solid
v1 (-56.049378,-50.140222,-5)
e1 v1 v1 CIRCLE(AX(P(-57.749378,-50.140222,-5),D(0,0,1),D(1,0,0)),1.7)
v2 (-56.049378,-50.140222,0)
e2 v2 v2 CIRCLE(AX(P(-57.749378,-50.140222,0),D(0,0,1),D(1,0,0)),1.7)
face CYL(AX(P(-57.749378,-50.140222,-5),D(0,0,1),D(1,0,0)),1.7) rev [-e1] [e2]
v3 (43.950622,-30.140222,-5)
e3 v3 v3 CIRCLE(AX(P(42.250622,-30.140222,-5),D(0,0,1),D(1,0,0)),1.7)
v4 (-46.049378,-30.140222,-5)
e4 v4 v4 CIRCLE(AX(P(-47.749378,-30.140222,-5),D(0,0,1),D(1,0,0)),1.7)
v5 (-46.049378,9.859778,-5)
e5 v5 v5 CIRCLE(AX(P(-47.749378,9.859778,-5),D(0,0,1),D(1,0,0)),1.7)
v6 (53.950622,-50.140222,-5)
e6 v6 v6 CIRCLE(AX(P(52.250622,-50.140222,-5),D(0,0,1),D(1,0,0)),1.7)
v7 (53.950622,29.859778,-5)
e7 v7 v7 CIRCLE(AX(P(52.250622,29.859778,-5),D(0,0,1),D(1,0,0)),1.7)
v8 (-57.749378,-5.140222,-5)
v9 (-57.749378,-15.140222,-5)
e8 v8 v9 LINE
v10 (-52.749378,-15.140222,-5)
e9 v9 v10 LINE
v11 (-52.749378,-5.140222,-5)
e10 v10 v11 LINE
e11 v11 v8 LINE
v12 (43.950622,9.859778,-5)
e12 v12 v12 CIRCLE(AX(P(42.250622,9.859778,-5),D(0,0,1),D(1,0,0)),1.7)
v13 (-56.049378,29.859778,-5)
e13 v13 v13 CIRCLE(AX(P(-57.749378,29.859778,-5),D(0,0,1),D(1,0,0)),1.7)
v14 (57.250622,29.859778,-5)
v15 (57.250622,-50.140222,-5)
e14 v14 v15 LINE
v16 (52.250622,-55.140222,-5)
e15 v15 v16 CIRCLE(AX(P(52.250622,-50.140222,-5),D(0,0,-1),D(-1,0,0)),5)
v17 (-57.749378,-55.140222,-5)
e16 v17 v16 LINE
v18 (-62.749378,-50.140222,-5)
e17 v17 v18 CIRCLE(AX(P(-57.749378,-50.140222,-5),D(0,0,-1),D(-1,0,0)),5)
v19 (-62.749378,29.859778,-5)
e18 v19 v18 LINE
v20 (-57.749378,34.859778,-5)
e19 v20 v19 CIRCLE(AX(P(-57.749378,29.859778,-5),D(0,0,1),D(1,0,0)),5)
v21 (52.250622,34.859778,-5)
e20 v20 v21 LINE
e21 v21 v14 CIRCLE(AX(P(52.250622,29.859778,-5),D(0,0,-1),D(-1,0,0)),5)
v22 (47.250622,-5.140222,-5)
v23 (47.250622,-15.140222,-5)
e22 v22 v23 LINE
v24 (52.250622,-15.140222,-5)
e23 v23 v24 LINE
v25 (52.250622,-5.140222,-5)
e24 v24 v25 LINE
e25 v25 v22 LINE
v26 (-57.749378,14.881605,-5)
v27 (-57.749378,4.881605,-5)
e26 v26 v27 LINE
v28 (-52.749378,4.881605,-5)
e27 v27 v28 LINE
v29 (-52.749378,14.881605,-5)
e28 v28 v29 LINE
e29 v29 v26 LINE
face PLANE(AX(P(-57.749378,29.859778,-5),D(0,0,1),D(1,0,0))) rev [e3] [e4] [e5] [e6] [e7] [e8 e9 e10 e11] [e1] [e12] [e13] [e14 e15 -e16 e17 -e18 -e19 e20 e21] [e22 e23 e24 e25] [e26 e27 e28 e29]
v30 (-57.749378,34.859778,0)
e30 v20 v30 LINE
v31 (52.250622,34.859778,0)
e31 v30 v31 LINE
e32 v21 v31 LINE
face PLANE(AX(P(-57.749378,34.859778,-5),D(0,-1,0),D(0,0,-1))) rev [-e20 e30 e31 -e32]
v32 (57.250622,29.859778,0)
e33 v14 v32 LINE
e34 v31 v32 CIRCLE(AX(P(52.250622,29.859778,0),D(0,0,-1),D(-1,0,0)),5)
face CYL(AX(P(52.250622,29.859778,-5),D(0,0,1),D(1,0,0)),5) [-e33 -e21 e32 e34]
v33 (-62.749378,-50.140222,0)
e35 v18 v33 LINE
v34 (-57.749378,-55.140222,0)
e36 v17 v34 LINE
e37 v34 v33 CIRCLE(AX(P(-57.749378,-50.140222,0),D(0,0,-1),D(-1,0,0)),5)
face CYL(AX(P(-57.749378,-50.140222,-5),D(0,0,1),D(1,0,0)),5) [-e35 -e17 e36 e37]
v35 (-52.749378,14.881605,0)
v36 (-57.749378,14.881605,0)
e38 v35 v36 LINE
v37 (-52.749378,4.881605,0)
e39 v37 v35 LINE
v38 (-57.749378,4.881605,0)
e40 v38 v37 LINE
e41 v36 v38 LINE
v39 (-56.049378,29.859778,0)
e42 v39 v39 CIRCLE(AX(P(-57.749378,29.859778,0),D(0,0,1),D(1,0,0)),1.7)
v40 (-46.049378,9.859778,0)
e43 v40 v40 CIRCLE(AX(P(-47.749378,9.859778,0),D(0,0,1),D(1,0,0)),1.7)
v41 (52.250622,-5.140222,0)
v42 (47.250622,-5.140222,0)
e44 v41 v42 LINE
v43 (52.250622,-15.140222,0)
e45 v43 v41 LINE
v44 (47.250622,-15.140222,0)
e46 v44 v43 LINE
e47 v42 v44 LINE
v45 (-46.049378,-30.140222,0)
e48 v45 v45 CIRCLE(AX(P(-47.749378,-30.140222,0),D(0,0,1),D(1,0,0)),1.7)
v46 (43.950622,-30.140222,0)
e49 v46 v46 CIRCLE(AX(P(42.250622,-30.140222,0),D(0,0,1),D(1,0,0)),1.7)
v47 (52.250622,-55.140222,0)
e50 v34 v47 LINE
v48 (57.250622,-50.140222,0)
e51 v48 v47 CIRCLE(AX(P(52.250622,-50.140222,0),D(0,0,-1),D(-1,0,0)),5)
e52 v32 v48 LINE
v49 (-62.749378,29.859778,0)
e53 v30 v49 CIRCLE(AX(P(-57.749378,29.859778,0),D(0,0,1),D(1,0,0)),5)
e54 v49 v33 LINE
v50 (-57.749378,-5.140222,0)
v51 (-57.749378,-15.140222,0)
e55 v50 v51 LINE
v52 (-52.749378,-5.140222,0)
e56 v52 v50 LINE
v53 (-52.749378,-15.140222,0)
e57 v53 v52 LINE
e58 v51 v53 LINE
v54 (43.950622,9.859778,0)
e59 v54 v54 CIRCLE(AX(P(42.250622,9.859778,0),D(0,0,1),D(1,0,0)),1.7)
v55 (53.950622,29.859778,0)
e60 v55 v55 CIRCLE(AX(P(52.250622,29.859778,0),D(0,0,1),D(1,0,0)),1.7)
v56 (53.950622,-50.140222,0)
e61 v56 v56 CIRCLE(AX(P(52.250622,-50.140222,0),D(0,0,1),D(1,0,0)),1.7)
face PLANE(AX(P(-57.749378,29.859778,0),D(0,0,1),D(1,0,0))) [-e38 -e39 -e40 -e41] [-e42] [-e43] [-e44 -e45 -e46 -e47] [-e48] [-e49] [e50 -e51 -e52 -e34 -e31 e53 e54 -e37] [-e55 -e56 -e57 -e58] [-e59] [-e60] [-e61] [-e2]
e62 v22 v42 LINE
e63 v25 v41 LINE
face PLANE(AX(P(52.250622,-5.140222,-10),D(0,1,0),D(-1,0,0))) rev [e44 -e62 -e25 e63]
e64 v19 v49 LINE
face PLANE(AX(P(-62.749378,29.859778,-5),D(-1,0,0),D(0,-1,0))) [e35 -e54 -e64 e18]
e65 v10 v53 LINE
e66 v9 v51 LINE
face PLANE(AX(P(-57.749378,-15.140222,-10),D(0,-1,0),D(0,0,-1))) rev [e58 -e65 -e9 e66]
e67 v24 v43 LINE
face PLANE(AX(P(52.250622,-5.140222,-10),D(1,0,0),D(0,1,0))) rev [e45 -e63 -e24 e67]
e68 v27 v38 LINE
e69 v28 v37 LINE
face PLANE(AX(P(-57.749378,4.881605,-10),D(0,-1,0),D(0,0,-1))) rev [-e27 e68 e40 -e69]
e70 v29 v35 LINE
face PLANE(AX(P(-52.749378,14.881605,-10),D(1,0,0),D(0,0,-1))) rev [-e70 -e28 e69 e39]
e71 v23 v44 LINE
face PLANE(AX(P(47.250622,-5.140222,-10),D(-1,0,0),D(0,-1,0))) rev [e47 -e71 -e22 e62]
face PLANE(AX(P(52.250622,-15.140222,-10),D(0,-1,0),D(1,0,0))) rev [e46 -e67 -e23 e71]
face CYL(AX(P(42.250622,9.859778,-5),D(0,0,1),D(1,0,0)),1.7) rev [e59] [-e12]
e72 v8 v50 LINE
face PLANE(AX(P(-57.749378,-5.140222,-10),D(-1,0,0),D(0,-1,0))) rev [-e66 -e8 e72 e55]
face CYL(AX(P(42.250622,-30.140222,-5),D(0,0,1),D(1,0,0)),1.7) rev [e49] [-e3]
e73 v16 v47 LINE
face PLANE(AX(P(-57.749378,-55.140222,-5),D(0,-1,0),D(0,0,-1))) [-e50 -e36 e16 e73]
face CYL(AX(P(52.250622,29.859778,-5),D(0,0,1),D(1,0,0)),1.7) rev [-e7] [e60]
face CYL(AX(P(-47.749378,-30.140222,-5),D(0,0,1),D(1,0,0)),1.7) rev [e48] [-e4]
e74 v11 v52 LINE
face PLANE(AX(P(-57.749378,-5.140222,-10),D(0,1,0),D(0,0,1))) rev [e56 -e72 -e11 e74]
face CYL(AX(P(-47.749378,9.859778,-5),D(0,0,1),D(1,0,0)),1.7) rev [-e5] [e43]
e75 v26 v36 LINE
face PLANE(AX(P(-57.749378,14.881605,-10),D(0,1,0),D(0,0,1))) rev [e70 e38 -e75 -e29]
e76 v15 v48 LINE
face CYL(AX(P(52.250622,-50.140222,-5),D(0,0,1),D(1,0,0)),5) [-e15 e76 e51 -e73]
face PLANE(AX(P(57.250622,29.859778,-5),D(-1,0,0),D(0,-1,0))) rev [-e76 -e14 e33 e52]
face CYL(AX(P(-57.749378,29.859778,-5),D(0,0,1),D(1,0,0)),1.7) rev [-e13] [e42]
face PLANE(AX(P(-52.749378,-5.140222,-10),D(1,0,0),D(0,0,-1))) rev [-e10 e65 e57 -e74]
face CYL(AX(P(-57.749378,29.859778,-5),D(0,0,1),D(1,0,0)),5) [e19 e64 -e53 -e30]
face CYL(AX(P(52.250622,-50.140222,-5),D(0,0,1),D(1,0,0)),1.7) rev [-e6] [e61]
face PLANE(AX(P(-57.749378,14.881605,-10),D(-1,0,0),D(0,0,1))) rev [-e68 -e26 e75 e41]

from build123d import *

# Parameters (mm, degrees)
EXTRUDE_1_DEPTH      = 5
SKETCH_1_4_OUTSIDE_W = 152.016
SKETCH_1_4_OUTSIDE_H = 122.016
SKETCH_1_4_OUTSIDE_R = 1.7
CUT_EXTRUDE_3_DEPTH  = 84.683501662
SKETCH_3_W           = 5
SKETCH_3_H           = 10
CUT_EXTRUDE_4_DEPTH  = 10


with BuildPart() as part:
    # 스케치1 → 보스-돌출1 (new body)
    with BuildSketch(Plane.XY):
        with BuildLine():
            Line((-57.749377558, 34.859778143), (52.250622442, 34.859778143))
            ThreePointArc((52.250622442, 34.859778143), (55.786156348, 33.395312049), (57.250622442, 29.859778143))
            Line((57.250622442, 29.859778143), (57.250622442, -50.140221857))
            ThreePointArc((57.250622442, -50.140221857), (55.786156348, -53.675755763), (52.250622442, -55.140221857))
            Line((52.250622442, -55.140221857), (-57.749377558, -55.140221857))
            ThreePointArc((-57.749377558, -55.140221857), (-61.284911464, -53.675755763), (-62.749377558, -50.140221857))
            Line((-62.749377558, -50.140221857), (-62.749377558, 29.859778143))
            ThreePointArc((-62.749377558, 29.859778143), (-61.284911464, 33.395312049), (-57.749377558, 34.859778143))
        make_face()
    extrude(amount=-EXTRUDE_1_DEPTH)

    # 스케치1<4> outside → 컷-돌출3 (cut, through all)
    # profile 1 of 9: a face of its own
    with BuildSketch(Plane.XY):
        with Locations((-2.749, -10.14)):
            Rectangle(SKETCH_1_4_OUTSIDE_W, SKETCH_1_4_OUTSIDE_H)
        with BuildLine():
            Line((-57.749377558, 34.859778143), (52.250622442, 34.859778143))
            ThreePointArc((52.250622442, 34.859778143), (55.786156348, 33.395312049), (57.250622442, 29.859778143))
            Line((57.250622442, 29.859778143), (57.250622442, -50.140221857))
            ThreePointArc((57.250622442, -50.140221857), (55.786156348, -53.675755763), (52.250622442, -55.140221857))
            Line((52.250622442, -55.140221857), (-57.749377558, -55.140221857))
            ThreePointArc((-57.749377558, -55.140221857), (-61.284911464, -53.675755763), (-62.749377558, -50.140221857))
            Line((-62.749377558, -50.140221857), (-62.749377558, 29.859778143))
            ThreePointArc((-62.749377558, 29.859778143), (-61.284911464, 33.395312049), (-57.749377558, 34.859778143))
        make_face(mode=Mode.SUBTRACT)
    # profile 2 of 9: a face of its own
    with BuildSketch(Plane.XY):
        with Locations((-57.749377558, 29.859778143)):
            Circle(SKETCH_1_4_OUTSIDE_R)
    # profile 3 of 9: a face of its own
    with BuildSketch(Plane.XY):
        with Locations((52.250622442, 29.859778143)):
            Circle(SKETCH_1_4_OUTSIDE_R)
    # profile 4 of 9: a face of its own
    with BuildSketch(Plane.XY):
        with Locations((-57.749377558, -50.140221857)):
            Circle(SKETCH_1_4_OUTSIDE_R)
    # profile 5 of 9: a face of its own
    with BuildSketch(Plane.XY):
        with Locations((52.250622442, -50.140221857)):
            Circle(SKETCH_1_4_OUTSIDE_R)
    # profile 6 of 9: a face of its own
    with BuildSketch(Plane.XY):
        with Locations((-47.749377558, 9.859778143)):
            Circle(SKETCH_1_4_OUTSIDE_R)
    # profile 7 of 9: a face of its own
    with BuildSketch(Plane.XY):
        with Locations((-47.749377558, -30.140221857)):
            Circle(SKETCH_1_4_OUTSIDE_R)
    # profile 8 of 9: a face of its own
    with BuildSketch(Plane.XY):
        with Locations((42.250622442, 9.859778143)):
            Circle(SKETCH_1_4_OUTSIDE_R)
    # profile 9 of 9: a face of its own
    with BuildSketch(Plane.XY):
        with Locations((42.250622442, -30.140221857)):
            Circle(SKETCH_1_4_OUTSIDE_R)
    extrude(amount=-CUT_EXTRUDE_3_DEPTH, mode=Mode.SUBTRACT)

    # 스케치3 → 컷-돌출4 (cut)
    with BuildSketch(Plane.XY):
        with Locations((-55.249377558, -10.140221857)):
            Rectangle(SKETCH_3_W, SKETCH_3_H)
        with Locations((49.750622442, -10.140221857)):
            Rectangle(SKETCH_3_W, SKETCH_3_H)
        with Locations((-55.249377558, 9.881604628)):
            Rectangle(SKETCH_3_W, SKETCH_3_H)
    extrude(amount=-CUT_EXTRUDE_4_DEPTH, mode=Mode.SUBTRACT)


solid = part.part
